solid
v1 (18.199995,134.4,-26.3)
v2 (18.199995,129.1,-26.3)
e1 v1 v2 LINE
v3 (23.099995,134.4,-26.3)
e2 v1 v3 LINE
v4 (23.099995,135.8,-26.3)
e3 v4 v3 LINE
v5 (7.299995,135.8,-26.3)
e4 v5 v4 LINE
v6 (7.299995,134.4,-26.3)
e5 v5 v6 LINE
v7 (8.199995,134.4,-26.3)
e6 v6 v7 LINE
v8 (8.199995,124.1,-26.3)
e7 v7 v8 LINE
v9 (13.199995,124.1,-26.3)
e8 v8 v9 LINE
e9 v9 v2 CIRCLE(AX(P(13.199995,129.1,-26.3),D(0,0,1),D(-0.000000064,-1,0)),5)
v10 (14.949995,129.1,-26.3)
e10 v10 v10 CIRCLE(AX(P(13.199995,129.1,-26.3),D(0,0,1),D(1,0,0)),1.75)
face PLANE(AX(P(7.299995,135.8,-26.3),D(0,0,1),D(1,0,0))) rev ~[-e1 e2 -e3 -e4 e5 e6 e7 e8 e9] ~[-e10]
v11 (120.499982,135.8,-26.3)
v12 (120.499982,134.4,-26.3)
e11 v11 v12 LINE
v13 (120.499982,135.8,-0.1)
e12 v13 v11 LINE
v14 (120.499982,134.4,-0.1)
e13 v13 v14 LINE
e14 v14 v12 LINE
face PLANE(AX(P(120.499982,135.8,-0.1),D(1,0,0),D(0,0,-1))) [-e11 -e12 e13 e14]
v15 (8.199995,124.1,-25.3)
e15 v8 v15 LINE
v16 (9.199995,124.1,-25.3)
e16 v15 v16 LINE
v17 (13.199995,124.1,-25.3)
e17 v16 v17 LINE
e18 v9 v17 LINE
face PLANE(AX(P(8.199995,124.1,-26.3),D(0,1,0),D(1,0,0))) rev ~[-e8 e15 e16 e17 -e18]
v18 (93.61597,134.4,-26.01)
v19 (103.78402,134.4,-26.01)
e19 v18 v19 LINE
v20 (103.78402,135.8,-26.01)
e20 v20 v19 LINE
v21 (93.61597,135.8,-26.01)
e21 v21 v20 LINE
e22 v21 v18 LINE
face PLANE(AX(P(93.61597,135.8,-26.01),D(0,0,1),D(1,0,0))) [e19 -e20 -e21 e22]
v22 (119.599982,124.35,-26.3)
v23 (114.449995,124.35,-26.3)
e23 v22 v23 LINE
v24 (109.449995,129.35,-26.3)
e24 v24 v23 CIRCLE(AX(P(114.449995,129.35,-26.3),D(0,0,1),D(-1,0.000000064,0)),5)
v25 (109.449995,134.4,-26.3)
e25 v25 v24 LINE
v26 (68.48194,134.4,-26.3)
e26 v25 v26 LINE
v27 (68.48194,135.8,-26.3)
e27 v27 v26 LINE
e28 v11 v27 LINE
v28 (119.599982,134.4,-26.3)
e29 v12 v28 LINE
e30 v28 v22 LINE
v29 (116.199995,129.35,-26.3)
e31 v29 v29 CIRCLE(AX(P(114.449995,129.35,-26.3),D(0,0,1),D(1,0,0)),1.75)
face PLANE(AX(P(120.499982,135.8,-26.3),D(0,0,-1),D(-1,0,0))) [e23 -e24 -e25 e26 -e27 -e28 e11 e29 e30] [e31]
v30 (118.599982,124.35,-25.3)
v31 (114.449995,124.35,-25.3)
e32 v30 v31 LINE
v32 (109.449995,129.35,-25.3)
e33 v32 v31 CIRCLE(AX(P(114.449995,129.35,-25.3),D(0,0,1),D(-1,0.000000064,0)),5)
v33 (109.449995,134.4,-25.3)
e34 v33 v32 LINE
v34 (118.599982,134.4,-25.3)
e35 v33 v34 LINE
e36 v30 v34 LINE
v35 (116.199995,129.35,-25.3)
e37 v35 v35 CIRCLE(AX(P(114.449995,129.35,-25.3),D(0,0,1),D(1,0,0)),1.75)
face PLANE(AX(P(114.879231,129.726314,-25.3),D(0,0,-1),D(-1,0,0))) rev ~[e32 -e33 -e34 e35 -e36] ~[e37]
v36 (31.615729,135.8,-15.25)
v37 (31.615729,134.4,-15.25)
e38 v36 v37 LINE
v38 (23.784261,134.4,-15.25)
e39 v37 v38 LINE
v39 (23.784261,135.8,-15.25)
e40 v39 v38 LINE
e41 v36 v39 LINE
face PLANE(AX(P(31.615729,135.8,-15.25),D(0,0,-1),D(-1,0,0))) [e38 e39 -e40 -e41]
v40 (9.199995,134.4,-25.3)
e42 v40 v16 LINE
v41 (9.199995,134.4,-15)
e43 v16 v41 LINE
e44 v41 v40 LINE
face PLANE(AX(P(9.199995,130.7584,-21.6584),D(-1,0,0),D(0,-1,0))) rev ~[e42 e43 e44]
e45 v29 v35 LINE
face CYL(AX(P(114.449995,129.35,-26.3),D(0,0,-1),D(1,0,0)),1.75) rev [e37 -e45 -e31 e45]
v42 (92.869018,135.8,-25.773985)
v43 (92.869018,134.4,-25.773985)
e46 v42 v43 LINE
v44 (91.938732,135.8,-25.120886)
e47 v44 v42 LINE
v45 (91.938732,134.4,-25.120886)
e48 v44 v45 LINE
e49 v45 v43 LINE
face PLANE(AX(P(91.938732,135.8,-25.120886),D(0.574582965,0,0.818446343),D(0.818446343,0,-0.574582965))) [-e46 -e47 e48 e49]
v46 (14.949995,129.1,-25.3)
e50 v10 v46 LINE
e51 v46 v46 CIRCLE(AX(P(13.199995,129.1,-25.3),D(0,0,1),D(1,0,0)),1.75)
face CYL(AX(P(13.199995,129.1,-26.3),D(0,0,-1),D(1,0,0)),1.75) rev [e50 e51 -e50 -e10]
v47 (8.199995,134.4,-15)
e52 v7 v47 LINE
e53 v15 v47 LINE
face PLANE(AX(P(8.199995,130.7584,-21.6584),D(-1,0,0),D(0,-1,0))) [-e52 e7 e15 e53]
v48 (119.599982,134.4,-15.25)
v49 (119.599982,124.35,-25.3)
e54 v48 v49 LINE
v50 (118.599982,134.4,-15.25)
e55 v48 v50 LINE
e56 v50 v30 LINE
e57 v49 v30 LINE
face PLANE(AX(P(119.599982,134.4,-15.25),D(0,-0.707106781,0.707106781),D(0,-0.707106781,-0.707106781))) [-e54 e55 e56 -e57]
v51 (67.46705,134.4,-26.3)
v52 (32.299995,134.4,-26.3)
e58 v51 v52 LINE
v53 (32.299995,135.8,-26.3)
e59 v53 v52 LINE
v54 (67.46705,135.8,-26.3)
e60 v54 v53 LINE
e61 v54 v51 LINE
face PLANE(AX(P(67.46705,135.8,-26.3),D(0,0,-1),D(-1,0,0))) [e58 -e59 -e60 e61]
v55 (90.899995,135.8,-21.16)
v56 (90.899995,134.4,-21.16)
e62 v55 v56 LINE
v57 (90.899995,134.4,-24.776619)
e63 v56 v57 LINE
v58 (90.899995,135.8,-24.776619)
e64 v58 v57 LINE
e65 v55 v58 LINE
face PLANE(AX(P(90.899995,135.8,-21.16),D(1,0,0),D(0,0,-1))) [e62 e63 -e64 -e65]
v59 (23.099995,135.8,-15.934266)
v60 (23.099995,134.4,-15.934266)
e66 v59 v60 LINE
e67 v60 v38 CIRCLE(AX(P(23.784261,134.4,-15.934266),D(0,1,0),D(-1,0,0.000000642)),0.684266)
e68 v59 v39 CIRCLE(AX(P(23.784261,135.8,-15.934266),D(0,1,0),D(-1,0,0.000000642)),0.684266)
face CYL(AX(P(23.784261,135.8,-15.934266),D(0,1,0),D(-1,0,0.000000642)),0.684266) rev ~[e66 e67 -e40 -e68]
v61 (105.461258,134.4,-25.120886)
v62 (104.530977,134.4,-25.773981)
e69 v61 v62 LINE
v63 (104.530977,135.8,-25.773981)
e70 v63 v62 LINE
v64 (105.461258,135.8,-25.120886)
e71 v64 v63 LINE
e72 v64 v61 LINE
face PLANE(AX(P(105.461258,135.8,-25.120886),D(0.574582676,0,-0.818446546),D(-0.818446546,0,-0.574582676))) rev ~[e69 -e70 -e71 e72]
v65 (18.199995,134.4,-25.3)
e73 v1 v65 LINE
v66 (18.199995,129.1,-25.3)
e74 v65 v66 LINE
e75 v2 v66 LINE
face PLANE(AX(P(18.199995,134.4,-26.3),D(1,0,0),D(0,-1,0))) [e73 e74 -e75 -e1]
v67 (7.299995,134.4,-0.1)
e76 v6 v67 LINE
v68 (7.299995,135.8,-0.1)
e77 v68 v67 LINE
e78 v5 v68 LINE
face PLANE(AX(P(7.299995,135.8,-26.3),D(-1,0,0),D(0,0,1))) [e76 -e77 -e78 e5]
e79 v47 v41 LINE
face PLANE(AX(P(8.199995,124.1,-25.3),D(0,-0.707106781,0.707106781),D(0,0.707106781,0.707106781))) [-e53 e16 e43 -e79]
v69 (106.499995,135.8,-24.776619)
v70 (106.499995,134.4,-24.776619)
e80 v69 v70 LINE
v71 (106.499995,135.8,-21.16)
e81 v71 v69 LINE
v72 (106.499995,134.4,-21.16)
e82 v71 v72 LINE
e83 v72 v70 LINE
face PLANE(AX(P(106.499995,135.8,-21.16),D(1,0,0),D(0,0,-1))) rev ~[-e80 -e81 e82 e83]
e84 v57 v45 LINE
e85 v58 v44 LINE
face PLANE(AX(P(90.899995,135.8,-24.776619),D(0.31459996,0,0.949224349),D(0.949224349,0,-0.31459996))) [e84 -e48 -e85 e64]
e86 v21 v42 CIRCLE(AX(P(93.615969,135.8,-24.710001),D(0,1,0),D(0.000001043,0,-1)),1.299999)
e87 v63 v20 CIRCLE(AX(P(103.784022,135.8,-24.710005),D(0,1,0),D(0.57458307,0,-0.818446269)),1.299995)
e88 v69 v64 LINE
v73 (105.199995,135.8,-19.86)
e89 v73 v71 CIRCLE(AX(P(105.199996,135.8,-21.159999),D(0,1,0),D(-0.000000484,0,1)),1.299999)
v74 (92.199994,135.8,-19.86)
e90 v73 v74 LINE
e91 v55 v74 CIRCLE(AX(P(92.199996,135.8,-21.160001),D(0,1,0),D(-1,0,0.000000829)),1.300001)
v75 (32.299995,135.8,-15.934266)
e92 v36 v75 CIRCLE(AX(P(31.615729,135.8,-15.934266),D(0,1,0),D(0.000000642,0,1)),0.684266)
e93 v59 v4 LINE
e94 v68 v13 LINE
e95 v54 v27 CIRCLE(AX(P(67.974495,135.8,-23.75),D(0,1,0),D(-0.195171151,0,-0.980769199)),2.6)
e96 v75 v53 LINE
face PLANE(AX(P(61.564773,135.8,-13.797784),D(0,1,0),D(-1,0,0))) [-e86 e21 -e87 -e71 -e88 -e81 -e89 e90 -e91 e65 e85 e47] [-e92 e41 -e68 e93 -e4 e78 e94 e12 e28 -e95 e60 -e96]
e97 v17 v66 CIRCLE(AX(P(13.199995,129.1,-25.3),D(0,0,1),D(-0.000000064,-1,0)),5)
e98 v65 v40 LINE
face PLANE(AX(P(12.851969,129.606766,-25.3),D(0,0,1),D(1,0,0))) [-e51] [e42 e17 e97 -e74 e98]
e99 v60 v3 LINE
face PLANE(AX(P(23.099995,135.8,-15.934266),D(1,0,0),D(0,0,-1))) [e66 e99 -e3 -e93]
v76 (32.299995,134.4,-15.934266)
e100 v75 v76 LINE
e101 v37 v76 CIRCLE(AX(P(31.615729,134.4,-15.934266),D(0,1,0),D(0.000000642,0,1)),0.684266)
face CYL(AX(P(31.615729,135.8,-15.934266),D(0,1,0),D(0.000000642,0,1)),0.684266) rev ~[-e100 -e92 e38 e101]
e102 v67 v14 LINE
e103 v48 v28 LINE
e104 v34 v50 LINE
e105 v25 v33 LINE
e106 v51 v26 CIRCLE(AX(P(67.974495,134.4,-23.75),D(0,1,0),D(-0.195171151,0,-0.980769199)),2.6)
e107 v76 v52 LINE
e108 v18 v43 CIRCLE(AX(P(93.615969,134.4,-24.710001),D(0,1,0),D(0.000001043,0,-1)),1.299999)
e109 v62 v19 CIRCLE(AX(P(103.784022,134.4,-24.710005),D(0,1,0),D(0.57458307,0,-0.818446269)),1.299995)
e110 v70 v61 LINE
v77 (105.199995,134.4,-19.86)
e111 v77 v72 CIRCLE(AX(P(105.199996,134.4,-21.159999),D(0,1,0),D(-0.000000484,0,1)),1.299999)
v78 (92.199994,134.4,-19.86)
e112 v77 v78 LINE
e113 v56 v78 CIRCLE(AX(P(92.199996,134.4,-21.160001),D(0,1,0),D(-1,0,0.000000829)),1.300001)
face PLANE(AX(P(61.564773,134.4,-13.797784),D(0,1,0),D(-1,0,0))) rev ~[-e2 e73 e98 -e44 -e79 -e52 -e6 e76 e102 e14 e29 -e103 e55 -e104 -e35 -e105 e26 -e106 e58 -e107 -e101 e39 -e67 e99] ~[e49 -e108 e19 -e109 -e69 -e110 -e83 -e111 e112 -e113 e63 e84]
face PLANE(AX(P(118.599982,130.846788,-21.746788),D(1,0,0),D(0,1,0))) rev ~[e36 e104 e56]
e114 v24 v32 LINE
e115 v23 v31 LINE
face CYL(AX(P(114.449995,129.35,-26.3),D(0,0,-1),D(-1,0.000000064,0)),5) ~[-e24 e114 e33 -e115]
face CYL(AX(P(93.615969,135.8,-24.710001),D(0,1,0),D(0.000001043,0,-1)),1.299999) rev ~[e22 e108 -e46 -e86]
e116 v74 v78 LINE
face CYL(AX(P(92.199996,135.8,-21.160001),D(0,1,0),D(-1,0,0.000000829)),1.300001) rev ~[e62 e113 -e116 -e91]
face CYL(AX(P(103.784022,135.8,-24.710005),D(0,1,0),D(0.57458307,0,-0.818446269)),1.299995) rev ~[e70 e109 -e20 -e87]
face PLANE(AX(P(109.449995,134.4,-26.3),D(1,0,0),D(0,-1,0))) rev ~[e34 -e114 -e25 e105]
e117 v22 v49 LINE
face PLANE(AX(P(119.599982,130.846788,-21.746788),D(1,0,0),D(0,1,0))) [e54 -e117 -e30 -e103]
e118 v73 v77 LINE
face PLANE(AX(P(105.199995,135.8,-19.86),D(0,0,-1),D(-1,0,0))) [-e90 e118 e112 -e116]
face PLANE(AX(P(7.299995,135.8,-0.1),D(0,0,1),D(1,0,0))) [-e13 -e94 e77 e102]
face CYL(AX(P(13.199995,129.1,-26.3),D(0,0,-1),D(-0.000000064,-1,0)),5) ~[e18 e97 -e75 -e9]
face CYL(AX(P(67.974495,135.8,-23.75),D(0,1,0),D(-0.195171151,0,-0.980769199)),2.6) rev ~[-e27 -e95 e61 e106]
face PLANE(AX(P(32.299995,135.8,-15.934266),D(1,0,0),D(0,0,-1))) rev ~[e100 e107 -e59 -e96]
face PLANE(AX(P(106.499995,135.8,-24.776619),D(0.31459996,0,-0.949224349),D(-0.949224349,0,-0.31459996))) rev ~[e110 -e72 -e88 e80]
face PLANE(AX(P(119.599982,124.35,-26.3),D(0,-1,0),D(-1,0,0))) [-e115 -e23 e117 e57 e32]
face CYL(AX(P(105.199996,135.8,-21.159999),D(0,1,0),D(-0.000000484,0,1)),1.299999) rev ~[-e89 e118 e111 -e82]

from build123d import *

# Parameters (mm, degrees)
PAD028_DEPTH = 1.4
SKETCH048_R  = 1.75
PAD029_DEPTH = 1
PAD030_DEPTH = 1
PAD031_DEPTH = 1


with BuildPart() as part:
    # Sketch047 (on Face725 of Binder021) → Pad028 (new body)
    with BuildSketch(Plane(origin=(0, 135.8, 0), x_dir=(-1, 0, 0), z_dir=(0, 1, 0))):
        with BuildLine():
            Line((-120.499982, -0.1), (-120.499982, -26.3))
            Line((-120.499982, -26.3), (-68.48194, -26.3))
            ThreePointArc((-67.46705, -26.3), (-67.974495, -21.15), (-68.48194, -26.3))
            Line((-67.46705, -26.3), (-32.299995, -26.3))
            Line((-32.299995, -15.934266), (-32.299995, -26.3))
            ThreePointArc((-31.615729, -15.25), (-32.099578, -15.450417), (-32.299995, -15.934266))
            Line((-31.615729, -15.25), (-23.784261, -15.25))
            ThreePointArc((-23.099995, -15.934266), (-23.300412, -15.450417), (-23.784261, -15.25))
            Line((-23.099995, -15.934266), (-23.099995, -26.3))
            Line((-7.299995, -26.3), (-23.099995, -26.3))
            Line((-7.299995, -26.3), (-7.299995, -0.1))
            Line((-7.299995, -0.1), (-120.499982, -0.1))
        make_face()
        with BuildLine():
            Line((-105.199995, -19.86), (-92.199994, -19.86))
            ThreePointArc((-90.899995, -21.16), (-91.280756, -20.240762), (-92.199994, -19.86))
            Line((-90.899995, -21.16), (-90.899995, -24.776619))
            Line((-90.899995, -24.776619), (-91.938732, -25.120886))
            Line((-91.938732, -25.120886), (-92.869018, -25.773985))
            ThreePointArc((-93.61597, -26.01), (-93.224294, -25.949593), (-92.869018, -25.773985))
            Line((-93.61597, -26.01), (-103.78402, -26.01))
            ThreePointArc((-104.530977, -25.773981), (-104.175699, -25.949592), (-103.78402, -26.01))
            Line((-105.461258, -25.120886), (-104.530977, -25.773981))
            Line((-106.499995, -24.776619), (-105.461258, -25.120886))
            Line((-106.499995, -21.16), (-106.499995, -24.776619))
            ThreePointArc((-105.199995, -19.86), (-106.119234, -20.240761), (-106.499995, -21.16))
        make_face(mode=Mode.SUBTRACT)
    extrude(amount=-PAD028_DEPTH)

    # Sketch048 (on Face5 of Binder022) → Pad029 (join)
    with BuildSketch(Plane.XY.offset(-26.3)):
        with BuildLine():
            Line((18.199995, 134.4), (8.199995, 134.4))
            Line((8.199995, 134.4), (8.199995, 124.1))
            Line((8.199995, 124.1), (13.199995, 124.1))
            ThreePointArc((13.199995, 124.1), (16.735529, 125.564466), (18.199995, 129.1))
            Line((18.199995, 134.4), (18.199995, 129.1))
        make_face()
        with Locations((13.199995, 129.1)):
            Circle(SKETCH048_R, mode=Mode.SUBTRACT)
        with BuildLine():
            Line((109.449995, 134.4), (119.599982, 134.4))
            Line((119.599982, 134.4), (119.599982, 124.35))
            Line((119.599982, 124.35), (114.449995, 124.35))
            ThreePointArc((109.449995, 129.35), (110.914461, 125.814466), (114.449995, 124.35))
            Line((109.449995, 134.4), (109.449995, 129.35))
        make_face()
        with Locations((114.449995, 129.35)):
            Circle(SKETCH048_R, mode=Mode.SUBTRACT)
    extrude(amount=PAD029_DEPTH)

    # Sketch049 (on Face25 of Pad029) → Pad030 (join)
    with BuildSketch(Plane(origin=(8.199995, 0, 0), x_dir=(0, -1, 0), z_dir=(-1, 0, 0))):
        Polygon((-134.4, -25.3), (-124.1, -25.3), (-134.4, -15), align=None)
    extrude(amount=-PAD030_DEPTH)

    # Sketch050 (on Face36 of Pad030) → Pad031 (join)
    with BuildSketch(Plane.YZ.offset(119.599982)):
        Polygon((124.35, -25.3), (134.4, -25.3), (134.4, -15.25), align=None)
    extrude(amount=-PAD031_DEPTH)


solid = part.part
